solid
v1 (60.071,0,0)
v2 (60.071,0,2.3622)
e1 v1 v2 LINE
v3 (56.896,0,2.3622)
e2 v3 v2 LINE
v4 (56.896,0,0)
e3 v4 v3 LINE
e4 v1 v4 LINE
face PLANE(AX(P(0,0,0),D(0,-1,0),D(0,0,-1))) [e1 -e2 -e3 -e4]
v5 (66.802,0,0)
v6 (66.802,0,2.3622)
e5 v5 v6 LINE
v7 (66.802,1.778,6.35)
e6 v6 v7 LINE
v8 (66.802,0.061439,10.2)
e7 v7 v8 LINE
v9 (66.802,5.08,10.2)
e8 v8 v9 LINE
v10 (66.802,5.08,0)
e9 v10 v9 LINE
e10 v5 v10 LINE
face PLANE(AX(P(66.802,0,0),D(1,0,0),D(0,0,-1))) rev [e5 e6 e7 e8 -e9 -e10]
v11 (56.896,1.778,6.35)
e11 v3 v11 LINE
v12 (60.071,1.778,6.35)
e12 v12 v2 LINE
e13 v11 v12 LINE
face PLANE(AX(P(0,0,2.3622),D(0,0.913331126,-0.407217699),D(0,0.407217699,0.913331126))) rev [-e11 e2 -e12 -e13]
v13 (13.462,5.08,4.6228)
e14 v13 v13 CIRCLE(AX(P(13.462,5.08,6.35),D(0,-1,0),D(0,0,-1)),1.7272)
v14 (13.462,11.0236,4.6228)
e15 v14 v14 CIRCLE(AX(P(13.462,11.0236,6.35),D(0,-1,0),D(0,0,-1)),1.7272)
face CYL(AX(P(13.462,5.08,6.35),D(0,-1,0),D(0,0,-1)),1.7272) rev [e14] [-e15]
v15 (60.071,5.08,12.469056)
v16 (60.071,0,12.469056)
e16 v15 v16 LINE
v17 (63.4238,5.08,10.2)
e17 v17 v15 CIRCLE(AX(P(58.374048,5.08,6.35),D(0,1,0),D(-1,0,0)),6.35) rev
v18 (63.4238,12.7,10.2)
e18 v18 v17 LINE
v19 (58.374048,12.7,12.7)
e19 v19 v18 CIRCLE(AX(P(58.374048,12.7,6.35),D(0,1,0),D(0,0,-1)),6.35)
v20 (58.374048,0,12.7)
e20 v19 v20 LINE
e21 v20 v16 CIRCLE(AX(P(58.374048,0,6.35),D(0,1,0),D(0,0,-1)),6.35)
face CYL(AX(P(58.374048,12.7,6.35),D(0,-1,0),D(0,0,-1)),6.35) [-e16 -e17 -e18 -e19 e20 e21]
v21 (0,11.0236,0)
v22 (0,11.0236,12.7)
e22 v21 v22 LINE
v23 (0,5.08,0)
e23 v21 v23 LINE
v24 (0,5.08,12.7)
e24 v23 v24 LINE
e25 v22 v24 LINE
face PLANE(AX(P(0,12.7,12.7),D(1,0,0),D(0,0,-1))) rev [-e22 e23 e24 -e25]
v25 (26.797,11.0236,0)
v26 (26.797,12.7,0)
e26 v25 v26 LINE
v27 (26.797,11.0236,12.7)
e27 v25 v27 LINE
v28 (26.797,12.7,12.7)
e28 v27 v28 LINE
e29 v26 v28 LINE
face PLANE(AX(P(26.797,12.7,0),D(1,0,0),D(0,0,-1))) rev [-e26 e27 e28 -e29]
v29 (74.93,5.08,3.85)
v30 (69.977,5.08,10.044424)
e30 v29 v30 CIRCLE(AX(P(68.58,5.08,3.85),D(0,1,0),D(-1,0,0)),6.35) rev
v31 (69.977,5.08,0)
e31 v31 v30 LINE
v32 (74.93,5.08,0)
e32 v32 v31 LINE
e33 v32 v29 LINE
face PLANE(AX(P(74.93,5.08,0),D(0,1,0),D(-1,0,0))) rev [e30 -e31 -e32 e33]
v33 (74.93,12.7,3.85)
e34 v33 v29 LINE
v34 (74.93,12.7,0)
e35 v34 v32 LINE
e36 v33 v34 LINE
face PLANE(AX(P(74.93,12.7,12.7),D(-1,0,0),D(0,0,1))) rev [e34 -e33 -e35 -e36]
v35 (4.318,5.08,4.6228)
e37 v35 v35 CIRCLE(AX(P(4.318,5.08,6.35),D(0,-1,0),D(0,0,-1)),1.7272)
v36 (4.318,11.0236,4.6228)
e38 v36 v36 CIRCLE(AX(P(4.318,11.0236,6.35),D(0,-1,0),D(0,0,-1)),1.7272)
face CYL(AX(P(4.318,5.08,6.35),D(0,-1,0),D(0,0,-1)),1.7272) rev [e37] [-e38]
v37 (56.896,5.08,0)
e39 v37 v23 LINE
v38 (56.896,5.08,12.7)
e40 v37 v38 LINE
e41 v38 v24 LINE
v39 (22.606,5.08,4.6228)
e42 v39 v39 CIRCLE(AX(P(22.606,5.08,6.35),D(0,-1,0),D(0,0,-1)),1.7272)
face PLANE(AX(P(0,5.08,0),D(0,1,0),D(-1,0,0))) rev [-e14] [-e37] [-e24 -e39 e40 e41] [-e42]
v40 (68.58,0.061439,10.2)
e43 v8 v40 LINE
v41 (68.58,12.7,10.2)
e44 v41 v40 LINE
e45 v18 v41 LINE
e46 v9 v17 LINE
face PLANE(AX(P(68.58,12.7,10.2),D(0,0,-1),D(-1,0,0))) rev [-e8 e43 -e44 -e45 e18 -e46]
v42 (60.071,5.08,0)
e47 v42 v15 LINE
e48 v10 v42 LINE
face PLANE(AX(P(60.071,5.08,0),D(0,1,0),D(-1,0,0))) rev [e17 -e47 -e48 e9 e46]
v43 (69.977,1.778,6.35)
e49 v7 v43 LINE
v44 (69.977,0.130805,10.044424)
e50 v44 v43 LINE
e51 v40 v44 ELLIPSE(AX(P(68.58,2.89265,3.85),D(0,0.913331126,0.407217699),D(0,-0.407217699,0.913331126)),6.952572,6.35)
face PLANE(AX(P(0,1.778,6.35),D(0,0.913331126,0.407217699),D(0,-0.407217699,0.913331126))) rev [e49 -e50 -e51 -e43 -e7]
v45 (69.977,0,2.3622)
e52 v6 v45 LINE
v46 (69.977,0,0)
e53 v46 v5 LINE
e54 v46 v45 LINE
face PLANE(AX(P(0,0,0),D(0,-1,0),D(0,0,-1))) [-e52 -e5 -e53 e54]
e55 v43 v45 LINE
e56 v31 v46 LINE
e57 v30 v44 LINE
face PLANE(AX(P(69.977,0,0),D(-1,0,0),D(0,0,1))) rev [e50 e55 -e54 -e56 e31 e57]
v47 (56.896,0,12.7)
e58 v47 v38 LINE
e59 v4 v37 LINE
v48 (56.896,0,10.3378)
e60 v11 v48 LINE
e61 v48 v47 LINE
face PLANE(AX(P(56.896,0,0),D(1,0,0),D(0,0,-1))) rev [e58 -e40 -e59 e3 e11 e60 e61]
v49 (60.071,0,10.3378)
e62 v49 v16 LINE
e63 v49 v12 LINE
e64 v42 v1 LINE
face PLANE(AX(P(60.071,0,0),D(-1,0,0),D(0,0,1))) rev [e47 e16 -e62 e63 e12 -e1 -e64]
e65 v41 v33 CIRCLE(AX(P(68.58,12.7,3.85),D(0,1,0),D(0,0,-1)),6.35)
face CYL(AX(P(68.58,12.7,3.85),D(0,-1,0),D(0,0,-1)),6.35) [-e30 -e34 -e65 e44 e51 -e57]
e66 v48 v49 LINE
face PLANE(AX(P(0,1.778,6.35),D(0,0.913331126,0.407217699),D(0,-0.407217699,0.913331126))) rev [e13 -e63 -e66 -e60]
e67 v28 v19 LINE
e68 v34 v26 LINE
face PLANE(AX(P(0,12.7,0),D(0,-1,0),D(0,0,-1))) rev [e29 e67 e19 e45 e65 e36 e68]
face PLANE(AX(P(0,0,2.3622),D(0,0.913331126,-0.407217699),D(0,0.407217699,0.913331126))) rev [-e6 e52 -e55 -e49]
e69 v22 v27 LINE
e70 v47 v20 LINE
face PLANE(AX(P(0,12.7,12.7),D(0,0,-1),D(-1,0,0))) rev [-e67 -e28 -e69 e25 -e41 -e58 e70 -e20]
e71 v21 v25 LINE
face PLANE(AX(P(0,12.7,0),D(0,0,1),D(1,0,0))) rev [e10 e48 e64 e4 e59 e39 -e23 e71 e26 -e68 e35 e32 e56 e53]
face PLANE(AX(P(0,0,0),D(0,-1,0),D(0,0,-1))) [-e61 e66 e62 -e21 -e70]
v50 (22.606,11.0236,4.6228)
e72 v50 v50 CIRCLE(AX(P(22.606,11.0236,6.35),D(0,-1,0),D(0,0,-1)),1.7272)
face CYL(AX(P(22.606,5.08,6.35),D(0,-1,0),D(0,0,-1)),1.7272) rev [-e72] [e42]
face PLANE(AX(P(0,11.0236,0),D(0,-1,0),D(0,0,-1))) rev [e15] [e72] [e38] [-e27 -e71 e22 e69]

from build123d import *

# Parameters (mm, degrees)
CROQUIS1_W              = 74.93
CROQUIS1_H              = 12.7
SALIENTE_EXTRUIR1_DEPTH = 12.7
CROQUIS2_W              = 26.797
CROQUIS2_H              = 1.6764
CROQUIS2_W_2            = 6.731
CROQUIS2_H_2            = 5.08
CROQUIS2_W_3            = 56.896
CROQUIS2_W_4            = 4.953
CORTAR_EXTRUIR1_DEPTH   = 78.052481466
TALADRO_ROSCADO_8_321_D = 3.4544
CORTAR_EXTRUIR2_DEPTH   = 78.052481466
CORTAR_EXTRUIR3_DEPTH   = 78.052481466


with BuildPart() as part:
    # Croquis1 → Saliente-Extruir1 (new body)
    with BuildSketch(Plane(origin=(0, 0, 0), x_dir=(1, 0, 0), z_dir=(0, 1, 0))):
        with Locations((37.465, -6.35)):
            Rectangle(CROQUIS1_W, CROQUIS1_H)
    extrude(amount=SALIENTE_EXTRUIR1_DEPTH)

    # Croquis2 → Cortar-Extruir1 (cut, through all)
    with BuildSketch(Plane.XY.offset(12.7)):
        with Locations((13.3985, 11.8618)):
            Rectangle(CROQUIS2_W, CROQUIS2_H)
        with Locations((63.4365, 2.54)):
            Rectangle(CROQUIS2_W_2, CROQUIS2_H_2)
        with Locations((28.448, 2.54)):
            Rectangle(CROQUIS2_W_3, CROQUIS2_H_2)
        with Locations((72.4535, 2.54)):
            Rectangle(CROQUIS2_W_4, CROQUIS2_H_2)
    extrude(amount=-CORTAR_EXTRUIR1_DEPTH, mode=Mode.SUBTRACT)

    # Taladro roscado #8-321 (through all)
    with Locations(Plane(origin=(0, 5.08, 0), x_dir=(-1, 0, 0), z_dir=(0, -1, 0))):
        with Locations((-4.318, -6.35), (-13.462, -6.35), (-22.606, -6.35)):
            Hole(TALADRO_ROSCADO_8_321_D / 2)

    # Croquis6 → Cortar-Extruir2 (cut, through all)
    with BuildSketch(Plane.XZ):
        with BuildLine():
            Line((68.58, 10.2), (63.4238, 10.2))
            ThreePointArc((63.4238, 10.2), (61.191404448, 12.04078202), (58.374047531, 12.7))
            Line((58.374047531, 12.7), (74.93, 12.7))
            Line((74.93, 12.7), (74.93, 3.85))
            ThreePointArc((74.93, 3.85), (73.070128061, 8.340128061), (68.58, 10.2))
        make_face()
    extrude(amount=-CORTAR_EXTRUIR2_DEPTH, mode=Mode.SUBTRACT)

    # Croquis7 → Cortar-Extruir3 (cut, through all)
    with BuildSketch(Plane(origin=(74.93, 0, 0), x_dir=(0, 0, -1), z_dir=(1, 0, 0))):
        Polygon((-2.3622, 0), (-6.35, 1.778), (-10.3378, 0), align=None)
    extrude(amount=-CORTAR_EXTRUIR3_DEPTH, mode=Mode.SUBTRACT)


solid = part.part
